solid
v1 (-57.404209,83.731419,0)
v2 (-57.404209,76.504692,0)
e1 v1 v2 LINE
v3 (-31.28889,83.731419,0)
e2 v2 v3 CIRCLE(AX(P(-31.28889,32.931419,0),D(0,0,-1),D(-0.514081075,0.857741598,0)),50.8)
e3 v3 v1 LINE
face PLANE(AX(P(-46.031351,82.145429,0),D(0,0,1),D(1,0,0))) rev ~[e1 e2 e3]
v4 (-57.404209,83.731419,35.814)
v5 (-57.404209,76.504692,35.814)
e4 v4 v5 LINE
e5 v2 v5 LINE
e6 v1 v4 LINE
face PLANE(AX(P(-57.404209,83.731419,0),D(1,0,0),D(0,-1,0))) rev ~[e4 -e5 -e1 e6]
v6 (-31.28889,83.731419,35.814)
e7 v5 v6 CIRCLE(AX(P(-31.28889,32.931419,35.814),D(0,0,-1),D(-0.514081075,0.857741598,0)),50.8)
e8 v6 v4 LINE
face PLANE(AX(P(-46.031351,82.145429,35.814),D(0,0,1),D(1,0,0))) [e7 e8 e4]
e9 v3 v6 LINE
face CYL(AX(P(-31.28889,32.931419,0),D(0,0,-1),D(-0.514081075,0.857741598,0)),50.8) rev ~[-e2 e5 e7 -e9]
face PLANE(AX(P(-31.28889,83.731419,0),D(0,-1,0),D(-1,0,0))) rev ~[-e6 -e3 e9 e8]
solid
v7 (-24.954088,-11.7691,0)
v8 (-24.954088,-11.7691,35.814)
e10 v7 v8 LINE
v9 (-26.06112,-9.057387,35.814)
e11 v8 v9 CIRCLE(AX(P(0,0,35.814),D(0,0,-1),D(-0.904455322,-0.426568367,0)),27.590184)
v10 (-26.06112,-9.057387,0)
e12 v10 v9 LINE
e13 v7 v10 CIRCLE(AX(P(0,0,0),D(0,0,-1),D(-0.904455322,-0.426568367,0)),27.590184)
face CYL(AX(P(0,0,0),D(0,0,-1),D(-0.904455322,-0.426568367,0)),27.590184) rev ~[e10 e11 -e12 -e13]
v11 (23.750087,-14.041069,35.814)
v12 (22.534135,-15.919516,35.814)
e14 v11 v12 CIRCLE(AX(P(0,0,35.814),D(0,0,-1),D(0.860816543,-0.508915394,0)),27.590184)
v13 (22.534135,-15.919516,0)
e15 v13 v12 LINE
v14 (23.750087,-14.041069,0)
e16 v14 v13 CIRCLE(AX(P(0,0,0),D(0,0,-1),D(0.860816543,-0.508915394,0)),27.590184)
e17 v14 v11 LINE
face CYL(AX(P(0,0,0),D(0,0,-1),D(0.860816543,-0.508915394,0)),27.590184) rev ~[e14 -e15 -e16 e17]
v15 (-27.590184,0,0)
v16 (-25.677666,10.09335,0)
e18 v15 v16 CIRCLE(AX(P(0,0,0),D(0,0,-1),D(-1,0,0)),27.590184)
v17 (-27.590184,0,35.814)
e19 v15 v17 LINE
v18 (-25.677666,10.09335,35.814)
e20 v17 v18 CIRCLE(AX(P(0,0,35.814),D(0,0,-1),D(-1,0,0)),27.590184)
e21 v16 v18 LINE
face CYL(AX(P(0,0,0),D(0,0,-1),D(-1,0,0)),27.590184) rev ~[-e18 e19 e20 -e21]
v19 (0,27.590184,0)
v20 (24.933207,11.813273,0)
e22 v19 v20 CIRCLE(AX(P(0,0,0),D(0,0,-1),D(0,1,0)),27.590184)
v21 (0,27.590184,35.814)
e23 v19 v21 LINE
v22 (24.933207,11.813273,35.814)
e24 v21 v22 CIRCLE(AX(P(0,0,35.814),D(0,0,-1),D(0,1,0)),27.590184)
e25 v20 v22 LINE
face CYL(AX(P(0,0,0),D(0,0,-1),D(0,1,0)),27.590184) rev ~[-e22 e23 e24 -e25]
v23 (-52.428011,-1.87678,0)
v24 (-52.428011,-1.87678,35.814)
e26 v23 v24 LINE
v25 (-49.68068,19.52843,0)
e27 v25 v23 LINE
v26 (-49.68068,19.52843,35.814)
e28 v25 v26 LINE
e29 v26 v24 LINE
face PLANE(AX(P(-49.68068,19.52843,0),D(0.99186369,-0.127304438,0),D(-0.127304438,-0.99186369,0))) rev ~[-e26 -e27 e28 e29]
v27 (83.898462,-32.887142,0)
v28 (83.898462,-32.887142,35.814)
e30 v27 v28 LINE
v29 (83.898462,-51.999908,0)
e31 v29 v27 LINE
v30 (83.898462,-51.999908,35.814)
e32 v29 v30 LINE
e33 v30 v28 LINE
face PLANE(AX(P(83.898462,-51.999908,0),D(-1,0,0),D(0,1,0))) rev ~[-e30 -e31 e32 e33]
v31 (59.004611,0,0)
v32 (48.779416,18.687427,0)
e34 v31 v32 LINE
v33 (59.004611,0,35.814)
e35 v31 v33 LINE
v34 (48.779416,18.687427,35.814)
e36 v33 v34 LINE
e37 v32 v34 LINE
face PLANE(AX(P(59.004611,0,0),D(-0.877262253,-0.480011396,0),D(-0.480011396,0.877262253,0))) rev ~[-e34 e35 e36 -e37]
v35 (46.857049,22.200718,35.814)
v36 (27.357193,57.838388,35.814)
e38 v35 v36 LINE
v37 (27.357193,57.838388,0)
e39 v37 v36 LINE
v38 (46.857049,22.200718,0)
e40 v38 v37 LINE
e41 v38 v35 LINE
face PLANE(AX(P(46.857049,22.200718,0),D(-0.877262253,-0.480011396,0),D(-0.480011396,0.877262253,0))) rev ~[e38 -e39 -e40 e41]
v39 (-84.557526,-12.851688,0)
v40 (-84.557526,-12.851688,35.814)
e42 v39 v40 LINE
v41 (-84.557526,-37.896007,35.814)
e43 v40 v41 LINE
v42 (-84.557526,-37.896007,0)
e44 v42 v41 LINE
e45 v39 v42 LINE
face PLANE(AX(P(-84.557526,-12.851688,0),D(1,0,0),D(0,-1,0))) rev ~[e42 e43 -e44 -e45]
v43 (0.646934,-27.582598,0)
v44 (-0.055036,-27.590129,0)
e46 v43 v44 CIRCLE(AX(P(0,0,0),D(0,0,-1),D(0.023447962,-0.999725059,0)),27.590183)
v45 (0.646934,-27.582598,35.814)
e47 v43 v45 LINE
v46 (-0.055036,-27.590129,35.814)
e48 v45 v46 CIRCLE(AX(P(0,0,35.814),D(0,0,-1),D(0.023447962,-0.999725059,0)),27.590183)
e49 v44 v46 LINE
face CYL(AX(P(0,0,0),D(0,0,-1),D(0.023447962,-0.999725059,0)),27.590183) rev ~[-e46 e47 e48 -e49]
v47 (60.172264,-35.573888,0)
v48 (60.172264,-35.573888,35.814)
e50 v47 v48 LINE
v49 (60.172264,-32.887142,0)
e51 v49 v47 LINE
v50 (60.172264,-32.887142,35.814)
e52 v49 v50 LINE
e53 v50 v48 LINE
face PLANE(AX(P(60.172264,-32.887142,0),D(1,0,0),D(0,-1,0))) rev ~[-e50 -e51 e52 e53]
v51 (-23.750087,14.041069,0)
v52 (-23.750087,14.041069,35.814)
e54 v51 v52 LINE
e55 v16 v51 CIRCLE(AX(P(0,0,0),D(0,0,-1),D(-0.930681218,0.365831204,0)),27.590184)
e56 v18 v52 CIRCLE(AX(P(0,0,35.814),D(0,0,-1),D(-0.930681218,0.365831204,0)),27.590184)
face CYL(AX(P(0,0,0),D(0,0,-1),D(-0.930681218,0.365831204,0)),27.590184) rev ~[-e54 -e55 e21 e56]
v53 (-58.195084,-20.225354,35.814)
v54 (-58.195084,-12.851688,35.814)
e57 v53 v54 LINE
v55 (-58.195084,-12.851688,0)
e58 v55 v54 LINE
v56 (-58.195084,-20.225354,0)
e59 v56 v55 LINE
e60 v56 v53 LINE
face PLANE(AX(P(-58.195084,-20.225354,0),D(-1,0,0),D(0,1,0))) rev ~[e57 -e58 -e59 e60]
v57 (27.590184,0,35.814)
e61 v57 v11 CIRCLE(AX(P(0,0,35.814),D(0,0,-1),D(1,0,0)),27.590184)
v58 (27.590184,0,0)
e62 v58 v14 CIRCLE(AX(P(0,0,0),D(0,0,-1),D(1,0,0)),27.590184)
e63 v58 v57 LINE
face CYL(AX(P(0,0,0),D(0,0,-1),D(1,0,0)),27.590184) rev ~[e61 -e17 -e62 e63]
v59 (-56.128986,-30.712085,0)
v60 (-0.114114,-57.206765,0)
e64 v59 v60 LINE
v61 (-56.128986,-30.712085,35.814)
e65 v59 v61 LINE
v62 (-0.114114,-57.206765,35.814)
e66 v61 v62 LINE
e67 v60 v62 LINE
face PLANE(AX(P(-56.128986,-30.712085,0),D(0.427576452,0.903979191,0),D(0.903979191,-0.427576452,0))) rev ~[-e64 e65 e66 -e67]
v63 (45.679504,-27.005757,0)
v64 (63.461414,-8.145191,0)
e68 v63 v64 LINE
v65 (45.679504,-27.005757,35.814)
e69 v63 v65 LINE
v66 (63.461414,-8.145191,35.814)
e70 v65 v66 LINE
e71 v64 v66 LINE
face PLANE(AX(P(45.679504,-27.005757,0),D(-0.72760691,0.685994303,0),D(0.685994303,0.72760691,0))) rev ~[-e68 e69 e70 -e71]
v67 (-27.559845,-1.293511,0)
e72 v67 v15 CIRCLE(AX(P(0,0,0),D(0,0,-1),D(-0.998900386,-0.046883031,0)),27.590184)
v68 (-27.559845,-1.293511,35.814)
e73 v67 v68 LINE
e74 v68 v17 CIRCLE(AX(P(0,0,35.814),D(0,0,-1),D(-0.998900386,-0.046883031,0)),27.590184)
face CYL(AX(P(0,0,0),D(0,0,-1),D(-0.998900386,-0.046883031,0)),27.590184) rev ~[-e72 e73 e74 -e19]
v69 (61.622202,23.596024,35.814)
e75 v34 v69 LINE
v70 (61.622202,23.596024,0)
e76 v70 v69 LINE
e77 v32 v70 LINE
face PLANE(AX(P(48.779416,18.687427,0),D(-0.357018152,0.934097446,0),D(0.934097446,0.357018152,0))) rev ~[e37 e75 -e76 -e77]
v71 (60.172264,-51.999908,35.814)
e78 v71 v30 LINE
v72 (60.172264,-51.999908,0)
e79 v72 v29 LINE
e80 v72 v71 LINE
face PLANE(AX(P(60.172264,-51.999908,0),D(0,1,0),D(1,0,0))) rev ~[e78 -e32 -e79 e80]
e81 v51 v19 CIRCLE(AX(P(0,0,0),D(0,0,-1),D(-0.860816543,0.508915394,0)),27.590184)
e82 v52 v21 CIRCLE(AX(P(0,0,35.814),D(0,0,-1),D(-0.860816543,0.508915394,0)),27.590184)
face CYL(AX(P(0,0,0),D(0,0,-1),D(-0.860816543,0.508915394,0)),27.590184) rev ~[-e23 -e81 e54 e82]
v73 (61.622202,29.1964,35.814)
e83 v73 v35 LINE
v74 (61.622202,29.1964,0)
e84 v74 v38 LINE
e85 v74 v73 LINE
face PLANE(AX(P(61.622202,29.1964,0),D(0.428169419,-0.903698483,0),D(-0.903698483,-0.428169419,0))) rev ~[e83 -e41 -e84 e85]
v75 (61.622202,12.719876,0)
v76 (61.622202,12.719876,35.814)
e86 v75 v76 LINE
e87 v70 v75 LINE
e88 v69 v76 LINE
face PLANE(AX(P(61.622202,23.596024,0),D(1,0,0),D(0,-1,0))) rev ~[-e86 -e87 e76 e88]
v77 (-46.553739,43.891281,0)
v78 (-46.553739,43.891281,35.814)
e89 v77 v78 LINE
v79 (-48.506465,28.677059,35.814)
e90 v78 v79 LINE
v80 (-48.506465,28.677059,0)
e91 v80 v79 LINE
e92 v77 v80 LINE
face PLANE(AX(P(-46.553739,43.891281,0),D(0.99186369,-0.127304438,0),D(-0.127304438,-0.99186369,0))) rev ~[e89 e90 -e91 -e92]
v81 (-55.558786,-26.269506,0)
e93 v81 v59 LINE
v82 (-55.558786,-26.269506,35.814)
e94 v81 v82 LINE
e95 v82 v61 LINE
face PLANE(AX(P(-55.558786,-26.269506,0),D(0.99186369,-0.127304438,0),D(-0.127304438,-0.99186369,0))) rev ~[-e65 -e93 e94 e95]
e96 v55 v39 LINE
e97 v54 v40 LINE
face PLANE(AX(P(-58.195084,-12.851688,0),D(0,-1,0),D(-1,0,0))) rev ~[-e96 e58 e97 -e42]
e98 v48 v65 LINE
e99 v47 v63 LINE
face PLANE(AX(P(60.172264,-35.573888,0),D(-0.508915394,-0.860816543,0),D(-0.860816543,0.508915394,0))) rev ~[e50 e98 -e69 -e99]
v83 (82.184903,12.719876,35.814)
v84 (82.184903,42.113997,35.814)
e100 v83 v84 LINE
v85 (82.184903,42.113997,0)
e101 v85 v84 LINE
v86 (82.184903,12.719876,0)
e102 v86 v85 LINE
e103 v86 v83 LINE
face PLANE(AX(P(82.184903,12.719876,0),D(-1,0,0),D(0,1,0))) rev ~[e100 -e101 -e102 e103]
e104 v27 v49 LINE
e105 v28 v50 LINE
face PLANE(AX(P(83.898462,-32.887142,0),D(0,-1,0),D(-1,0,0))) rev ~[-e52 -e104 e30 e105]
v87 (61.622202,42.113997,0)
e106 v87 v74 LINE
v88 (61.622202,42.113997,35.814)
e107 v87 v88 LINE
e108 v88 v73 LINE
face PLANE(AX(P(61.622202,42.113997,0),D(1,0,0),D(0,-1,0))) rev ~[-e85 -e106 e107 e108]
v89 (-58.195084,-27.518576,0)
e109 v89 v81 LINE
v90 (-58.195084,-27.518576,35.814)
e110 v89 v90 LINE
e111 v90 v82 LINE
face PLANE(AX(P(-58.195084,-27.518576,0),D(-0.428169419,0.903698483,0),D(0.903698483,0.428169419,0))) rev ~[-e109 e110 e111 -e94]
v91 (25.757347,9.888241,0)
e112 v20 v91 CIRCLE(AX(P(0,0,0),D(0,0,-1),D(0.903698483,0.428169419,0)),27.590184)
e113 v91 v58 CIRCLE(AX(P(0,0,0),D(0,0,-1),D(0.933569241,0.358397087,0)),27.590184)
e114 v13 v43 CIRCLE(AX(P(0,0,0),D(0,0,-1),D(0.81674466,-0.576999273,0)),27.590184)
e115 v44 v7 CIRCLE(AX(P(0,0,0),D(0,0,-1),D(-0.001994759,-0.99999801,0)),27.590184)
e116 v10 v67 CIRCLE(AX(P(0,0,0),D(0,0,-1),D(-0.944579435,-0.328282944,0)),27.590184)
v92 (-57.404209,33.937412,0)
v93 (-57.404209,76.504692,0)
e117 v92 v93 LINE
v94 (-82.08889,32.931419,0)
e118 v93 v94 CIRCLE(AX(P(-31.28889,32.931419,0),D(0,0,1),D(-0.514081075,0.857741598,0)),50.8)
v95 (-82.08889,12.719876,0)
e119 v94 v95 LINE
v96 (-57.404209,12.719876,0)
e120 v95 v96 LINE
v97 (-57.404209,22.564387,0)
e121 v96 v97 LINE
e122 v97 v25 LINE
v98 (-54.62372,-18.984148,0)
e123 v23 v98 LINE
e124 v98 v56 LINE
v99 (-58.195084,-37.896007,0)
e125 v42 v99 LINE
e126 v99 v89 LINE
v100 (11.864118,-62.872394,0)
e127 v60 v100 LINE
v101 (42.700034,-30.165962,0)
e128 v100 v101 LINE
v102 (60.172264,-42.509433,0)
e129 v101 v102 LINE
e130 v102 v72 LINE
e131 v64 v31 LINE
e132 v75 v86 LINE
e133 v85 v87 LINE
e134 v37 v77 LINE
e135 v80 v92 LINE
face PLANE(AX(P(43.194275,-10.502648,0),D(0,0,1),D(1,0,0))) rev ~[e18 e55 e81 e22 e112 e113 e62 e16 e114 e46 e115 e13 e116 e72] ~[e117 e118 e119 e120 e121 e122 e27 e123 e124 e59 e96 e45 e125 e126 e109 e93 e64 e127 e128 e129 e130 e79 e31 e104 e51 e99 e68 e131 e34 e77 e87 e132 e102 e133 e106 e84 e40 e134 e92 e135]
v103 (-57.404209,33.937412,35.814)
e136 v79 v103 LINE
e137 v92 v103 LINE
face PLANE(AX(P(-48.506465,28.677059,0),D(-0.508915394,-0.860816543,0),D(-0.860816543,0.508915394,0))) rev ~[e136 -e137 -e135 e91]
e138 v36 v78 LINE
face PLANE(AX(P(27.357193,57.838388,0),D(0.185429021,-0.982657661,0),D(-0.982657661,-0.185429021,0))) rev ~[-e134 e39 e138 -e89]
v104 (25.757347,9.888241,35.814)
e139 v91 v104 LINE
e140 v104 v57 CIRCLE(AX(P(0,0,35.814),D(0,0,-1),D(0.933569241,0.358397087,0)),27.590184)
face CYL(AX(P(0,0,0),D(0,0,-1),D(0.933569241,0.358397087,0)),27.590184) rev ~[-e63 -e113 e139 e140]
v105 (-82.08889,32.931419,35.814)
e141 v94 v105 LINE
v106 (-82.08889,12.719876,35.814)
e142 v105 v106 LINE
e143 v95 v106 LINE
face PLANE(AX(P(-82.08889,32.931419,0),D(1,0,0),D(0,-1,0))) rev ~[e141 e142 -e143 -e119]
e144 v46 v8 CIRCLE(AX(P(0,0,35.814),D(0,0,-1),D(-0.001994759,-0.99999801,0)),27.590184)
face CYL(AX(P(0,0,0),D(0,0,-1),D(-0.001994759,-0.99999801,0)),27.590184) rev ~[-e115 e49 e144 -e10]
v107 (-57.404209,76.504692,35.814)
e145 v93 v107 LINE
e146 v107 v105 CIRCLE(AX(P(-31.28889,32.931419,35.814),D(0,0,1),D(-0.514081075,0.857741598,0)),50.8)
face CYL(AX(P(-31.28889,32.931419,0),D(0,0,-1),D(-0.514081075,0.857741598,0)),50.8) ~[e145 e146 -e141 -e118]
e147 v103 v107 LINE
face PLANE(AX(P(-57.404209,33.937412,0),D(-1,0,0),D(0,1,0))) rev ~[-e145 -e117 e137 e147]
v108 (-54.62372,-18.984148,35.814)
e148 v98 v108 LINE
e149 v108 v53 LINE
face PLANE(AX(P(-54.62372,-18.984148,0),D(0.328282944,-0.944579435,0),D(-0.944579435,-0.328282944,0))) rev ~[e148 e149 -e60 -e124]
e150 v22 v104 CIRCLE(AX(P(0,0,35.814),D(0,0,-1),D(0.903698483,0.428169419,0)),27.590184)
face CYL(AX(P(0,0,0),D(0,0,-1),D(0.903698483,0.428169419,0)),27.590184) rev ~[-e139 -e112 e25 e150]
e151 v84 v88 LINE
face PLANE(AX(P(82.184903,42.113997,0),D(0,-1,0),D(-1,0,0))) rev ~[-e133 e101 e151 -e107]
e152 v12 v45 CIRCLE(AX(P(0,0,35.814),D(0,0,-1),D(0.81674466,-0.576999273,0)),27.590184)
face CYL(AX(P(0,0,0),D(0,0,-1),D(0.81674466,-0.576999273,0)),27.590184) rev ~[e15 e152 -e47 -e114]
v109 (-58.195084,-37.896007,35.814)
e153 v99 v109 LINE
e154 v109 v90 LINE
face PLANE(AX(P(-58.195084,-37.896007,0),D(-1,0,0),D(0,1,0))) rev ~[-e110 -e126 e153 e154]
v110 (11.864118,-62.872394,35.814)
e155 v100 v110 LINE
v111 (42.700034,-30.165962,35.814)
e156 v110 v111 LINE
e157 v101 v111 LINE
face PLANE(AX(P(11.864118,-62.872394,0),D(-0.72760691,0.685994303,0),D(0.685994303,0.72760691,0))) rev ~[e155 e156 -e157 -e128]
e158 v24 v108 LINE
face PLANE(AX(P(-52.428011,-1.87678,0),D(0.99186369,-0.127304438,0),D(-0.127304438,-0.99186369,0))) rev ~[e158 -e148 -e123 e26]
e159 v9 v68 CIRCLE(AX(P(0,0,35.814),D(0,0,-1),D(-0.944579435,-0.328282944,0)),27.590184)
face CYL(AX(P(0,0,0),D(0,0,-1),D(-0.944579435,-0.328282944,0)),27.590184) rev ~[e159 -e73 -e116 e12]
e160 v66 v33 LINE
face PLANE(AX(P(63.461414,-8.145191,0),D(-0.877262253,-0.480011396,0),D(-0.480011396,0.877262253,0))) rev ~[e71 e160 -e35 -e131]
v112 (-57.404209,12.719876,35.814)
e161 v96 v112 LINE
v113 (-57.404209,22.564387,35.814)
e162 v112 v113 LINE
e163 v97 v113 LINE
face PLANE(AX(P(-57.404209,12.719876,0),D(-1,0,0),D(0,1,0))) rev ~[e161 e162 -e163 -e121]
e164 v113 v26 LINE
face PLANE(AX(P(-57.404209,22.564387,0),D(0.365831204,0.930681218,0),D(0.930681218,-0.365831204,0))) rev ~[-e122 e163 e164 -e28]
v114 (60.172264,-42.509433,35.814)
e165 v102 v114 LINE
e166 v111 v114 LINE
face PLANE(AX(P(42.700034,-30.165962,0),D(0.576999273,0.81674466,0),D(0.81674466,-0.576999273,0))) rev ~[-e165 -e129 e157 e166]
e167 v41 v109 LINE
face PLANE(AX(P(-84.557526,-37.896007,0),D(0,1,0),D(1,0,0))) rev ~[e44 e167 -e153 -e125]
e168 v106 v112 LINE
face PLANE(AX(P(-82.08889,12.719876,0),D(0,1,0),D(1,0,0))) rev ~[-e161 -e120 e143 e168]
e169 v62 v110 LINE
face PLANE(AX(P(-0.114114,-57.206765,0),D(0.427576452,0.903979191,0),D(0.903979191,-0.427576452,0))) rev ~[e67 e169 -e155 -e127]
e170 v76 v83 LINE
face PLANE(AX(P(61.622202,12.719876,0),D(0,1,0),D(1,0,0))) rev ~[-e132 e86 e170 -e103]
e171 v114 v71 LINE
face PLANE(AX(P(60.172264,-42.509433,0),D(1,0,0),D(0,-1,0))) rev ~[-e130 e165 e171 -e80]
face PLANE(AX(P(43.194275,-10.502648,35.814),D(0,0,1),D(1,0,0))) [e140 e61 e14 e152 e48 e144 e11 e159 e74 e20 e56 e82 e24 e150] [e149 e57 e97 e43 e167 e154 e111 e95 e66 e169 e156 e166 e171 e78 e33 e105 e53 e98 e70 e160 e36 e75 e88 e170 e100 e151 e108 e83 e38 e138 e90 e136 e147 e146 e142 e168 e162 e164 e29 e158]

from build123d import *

# Parameters (mm, degrees)
F1_DEPTH = 35.814


with BuildPart() as f1:
    # F0 (on Top) → F1 (new body)
    with BuildSketch(Plane.XY):
        with BuildLine():
            Line((51.7625180093, 0), (27.5901837137, 0))
            ThreePointArc((27.5901837137, 0), (26.6128492382, -7.2783578353), (23.7500865741, -14.0410692284))
            Line((23.7500865741, -14.0410692284), (45.6795035229, -27.0057571909))
            Line((45.6795035229, -27.0057571909), (63.4614136494, -8.1451914058))
            Line((63.4614136494, -8.1451914058), (59.0046110443, 0))
            Line((59.0046110443, 0), (51.7625180093, 0))
        make_face()
        with BuildLine():
            ThreePointArc((25.757346868, 9.8882414855), (27.1281050704, 5.0283349774), (27.5901837137, 0))
            Line((27.5901837137, 0), (51.7625180093, 0))
            Line((51.7625180093, 0), (59.0046110443, 0))
            Line((59.0046110443, 0), (48.7794158137, 18.6874267707))
            Line((48.7794158137, 18.6874267707), (25.757346868, 9.8882414855))
        make_face()
        with BuildLine():
            ThreePointArc((24.933207179, 11.8132729218), (25.3635467533, 10.8585787951), (25.757346868, 9.8882414855))
            Line((25.757346868, 9.8882414855), (48.7794158137, 18.6874267707))
            Line((48.7794158137, 18.6874267707), (46.8570488969, 22.2007182211))
            Line((46.8570488969, 22.2007182211), (24.933207179, 11.8132729218))
        make_face()
        with BuildLine():
            Line((45.6795035229, -27.0057571909), (23.7500865741, -14.0410692284))
            ThreePointArc((23.7500865741, -14.0410692284), (23.1611622563, -14.9926248634), (22.5341352105, -15.9195159371))
            Line((22.5341352105, -15.9195159371), (42.7000339634, -30.1659622101))
            Line((42.7000339634, -30.1659622101), (45.6795035229, -27.0057571909))
        make_face()
        with BuildLine():
            ThreePointArc((0, 27.5901837137), (14.7527602025, 23.3146800056), (24.933207179, 11.8132729218))
            Line((24.933207179, 11.8132729218), (46.8570488969, 22.2007182211))
            Line((46.8570488969, 22.2007182211), (27.3571926677, 57.8383884177))
            Line((27.3571926677, 57.8383884177), (-46.553738744, 43.8912813025))
            Line((-46.553738744, 43.8912813025), (-48.5064647709, 28.6770588287))
            Line((-48.5064647709, 28.6770588287), (-23.7500865741, 14.0410692284))
            ThreePointArc((-23.7500865741, 14.0410692284), (-13.6715499818, 23.9647023443), (0, 27.5901837137))
        make_face()
        Polygon((46.8570488969, 22.2007182211), (48.7794158137, 18.6874267707), (61.6222023964, 23.5960237775), (61.6222023964, 29.1964001954), align=None)
        with BuildLine():
            Line((42.7000339634, -30.1659622101), (22.5341352105, -15.9195159371))
            ThreePointArc((22.5341352105, -15.9195159371), (12.9748741266, -24.3489399924), (0.646933583, -27.5825980338))
            Line((0.646933583, -27.5825980338), (0.646933583, -51.7584751282))
            Line((0.646933583, -51.7584751282), (-0.1141139383, -57.2067654742))
            Line((-0.1141139383, -57.2067654742), (11.8641179418, -62.8723935514))
            Line((11.8641179418, -62.8723935514), (42.7000339634, -30.1659622101))
        make_face()
        Polygon((60.1722635329, -35.5738879206), (45.6795035229, -27.0057571909), (42.7000339634, -30.1659622101), (60.1722635329, -42.5094328821), align=None)
        Polygon((61.6222023964, 29.1964001954), (61.6222023964, 23.5960237775), (61.6222023964, 12.7198761329), (82.1849033237, 12.7198761329), (82.1849033237, 42.1139970422), (61.6222023964, 42.1139970422), align=None)
        with BuildLine():
            Line((0.646933583, -51.7584751282), (0.646933583, -27.5825980338))
            ThreePointArc((0.646933583, -27.5825980338), (0.2959728605, -27.5885961481), (-0.0550357677, -27.5901288221))
            Line((-0.0550357677, -27.5901288221), (-0.1141139383, -57.2067654742))
            Line((-0.1141139383, -57.2067654742), (0.646933583, -51.7584751282))
        make_face()
        Polygon((60.1722635329, -32.8871421516), (60.1722635329, -35.5738879206), (60.1722635329, -42.5094328821), (60.1722635329, -51.9999079406), (83.8984623551, -51.9999079406), (83.8984623551, -32.8871421516), align=None)
        with BuildLine():
            ThreePointArc((-25.6776657916, 10.0933501301), (-24.7925754512, 12.1056366976), (-23.7500865741, 14.0410692284))
            Line((-23.7500865741, 14.0410692284), (-48.5064647709, 28.6770588287))
            Line((-48.5064647709, 28.6770588287), (-49.6806796231, 19.5284298117))
            Line((-49.6806796231, 19.5284298117), (-25.6776657916, 10.0933501301))
        make_face()
        with BuildLine():
            Line((-0.1141139383, -57.2067654742), (-0.0550357677, -27.5901288221))
            ThreePointArc((-0.0550357677, -27.5901288221), (-14.7966318916, -23.2868615751), (-24.9540884816, -11.7690996006))
            Line((-24.9540884816, -11.7690996006), (-55.558786258, -26.2695064246))
            Line((-55.558786258, -26.2695064246), (-56.1289855148, -30.712084763))
            Line((-56.1289855148, -30.712084763), (-0.1141139383, -57.2067654742))
        make_face()
        with BuildLine():
            ThreePointArc((-27.5901837137, 0), (-27.1078379245, 5.1364735386), (-25.6776657916, 10.0933501301))
            Line((-25.6776657916, 10.0933501301), (-49.6806796231, 19.5284298117))
            Line((-49.6806796231, 19.5284298117), (-52.4280109182, -1.8767796021))
            Line((-52.4280109182, -1.8767796021), (-51.7625180093, 0))
            Line((-51.7625180093, 0), (-27.5901837137, 0))
        make_face()
        Polygon((-49.6806796231, 19.5284298117), (-48.5064647709, 28.6770588287), (-57.4042089283, 33.9374119352), (-57.4042089283, 22.5643866682), align=None)
        with BuildLine():
            Line((-55.558786258, -26.2695064246), (-24.9540884816, -11.7690996006))
            ThreePointArc((-24.9540884816, -11.7690996006), (-25.5436141585, -10.4279438566), (-26.0611201377, -9.0573867382))
            Line((-26.0611201377, -9.0573867382), (-54.6237197743, -18.9841477443))
            Line((-54.6237197743, -18.9841477443), (-55.558786258, -26.2695064246))
        make_face()
        with BuildLine():
            ThreePointArc((-27.5598451654, -1.2935114286), (-27.5825980338, -0.646933583), (-27.5901837137, 0))
            Line((-27.5901837137, 0), (-51.7625180093, 0))
            Line((-51.7625180093, 0), (-52.4280109182, -1.8767796021))
            Line((-52.4280109182, -1.8767796021), (-27.5598451654, -1.2935114286))
        make_face()
        with BuildLine():
            Line((-57.4042089283, 22.5643866682), (-57.4042089283, 33.9374119352))
            Line((-57.4042089283, 33.9374119352), (-57.4042089283, 76.5046922763))
            ThreePointArc((-57.4042089283, 76.5046922763), (-75.4889931725, 57.9712056034), (-82.0888903124, 32.9314191196))
            Line((-82.0888903124, 32.9314191196), (-82.0888903124, 12.7198761329))
            Line((-82.0888903124, 12.7198761329), (-57.4042089283, 12.7198761329))
            Line((-57.4042089283, 12.7198761329), (-57.4042089283, 22.5643866682))
        make_face()
        with BuildLine():
            ThreePointArc((-26.0611201377, -9.0573867382), (-27.0900612765, -5.2294184564), (-27.5598451654, -1.2935114286))
            Line((-27.5598451654, -1.2935114286), (-52.4280109182, -1.8767796021))
            Line((-52.4280109182, -1.8767796021), (-54.6237197743, -18.9841477443))
            Line((-54.6237197743, -18.9841477443), (-26.0611201377, -9.0573867382))
        make_face()
        Polygon((-58.1950843334, -27.5185759263), (-55.558786258, -26.2695064246), (-54.6237197743, -18.9841477443), (-58.1950843334, -20.2253541784), align=None)
        Polygon((-58.1950843334, -37.8960072994), (-58.1950843334, -27.5185759263), (-58.1950843334, -20.2253541784), (-58.1950843334, -12.8516880795), (-84.5575258136, -12.8516880795), (-84.5575258136, -37.8960072994), align=None)
    extrude(amount=F1_DEPTH)


with BuildPart() as f1b:
    # F0 (on Top) → F1, piece 2 (new body)
    with BuildSketch(Plane.XY):
        with BuildLine():
            Line((-57.4042089283, 83.7314191196), (-57.4042089283, 76.5046922763))
            ThreePointArc((-57.4042089283, 76.5046922763), (-44.8372799518, 81.8914144033), (-31.2888903124, 83.7314191196))
            Line((-31.2888903124, 83.7314191196), (-57.4042089283, 83.7314191196))
        make_face()
    extrude(amount=F1_DEPTH)


solid = Compound([f1.part, f1b.part])
